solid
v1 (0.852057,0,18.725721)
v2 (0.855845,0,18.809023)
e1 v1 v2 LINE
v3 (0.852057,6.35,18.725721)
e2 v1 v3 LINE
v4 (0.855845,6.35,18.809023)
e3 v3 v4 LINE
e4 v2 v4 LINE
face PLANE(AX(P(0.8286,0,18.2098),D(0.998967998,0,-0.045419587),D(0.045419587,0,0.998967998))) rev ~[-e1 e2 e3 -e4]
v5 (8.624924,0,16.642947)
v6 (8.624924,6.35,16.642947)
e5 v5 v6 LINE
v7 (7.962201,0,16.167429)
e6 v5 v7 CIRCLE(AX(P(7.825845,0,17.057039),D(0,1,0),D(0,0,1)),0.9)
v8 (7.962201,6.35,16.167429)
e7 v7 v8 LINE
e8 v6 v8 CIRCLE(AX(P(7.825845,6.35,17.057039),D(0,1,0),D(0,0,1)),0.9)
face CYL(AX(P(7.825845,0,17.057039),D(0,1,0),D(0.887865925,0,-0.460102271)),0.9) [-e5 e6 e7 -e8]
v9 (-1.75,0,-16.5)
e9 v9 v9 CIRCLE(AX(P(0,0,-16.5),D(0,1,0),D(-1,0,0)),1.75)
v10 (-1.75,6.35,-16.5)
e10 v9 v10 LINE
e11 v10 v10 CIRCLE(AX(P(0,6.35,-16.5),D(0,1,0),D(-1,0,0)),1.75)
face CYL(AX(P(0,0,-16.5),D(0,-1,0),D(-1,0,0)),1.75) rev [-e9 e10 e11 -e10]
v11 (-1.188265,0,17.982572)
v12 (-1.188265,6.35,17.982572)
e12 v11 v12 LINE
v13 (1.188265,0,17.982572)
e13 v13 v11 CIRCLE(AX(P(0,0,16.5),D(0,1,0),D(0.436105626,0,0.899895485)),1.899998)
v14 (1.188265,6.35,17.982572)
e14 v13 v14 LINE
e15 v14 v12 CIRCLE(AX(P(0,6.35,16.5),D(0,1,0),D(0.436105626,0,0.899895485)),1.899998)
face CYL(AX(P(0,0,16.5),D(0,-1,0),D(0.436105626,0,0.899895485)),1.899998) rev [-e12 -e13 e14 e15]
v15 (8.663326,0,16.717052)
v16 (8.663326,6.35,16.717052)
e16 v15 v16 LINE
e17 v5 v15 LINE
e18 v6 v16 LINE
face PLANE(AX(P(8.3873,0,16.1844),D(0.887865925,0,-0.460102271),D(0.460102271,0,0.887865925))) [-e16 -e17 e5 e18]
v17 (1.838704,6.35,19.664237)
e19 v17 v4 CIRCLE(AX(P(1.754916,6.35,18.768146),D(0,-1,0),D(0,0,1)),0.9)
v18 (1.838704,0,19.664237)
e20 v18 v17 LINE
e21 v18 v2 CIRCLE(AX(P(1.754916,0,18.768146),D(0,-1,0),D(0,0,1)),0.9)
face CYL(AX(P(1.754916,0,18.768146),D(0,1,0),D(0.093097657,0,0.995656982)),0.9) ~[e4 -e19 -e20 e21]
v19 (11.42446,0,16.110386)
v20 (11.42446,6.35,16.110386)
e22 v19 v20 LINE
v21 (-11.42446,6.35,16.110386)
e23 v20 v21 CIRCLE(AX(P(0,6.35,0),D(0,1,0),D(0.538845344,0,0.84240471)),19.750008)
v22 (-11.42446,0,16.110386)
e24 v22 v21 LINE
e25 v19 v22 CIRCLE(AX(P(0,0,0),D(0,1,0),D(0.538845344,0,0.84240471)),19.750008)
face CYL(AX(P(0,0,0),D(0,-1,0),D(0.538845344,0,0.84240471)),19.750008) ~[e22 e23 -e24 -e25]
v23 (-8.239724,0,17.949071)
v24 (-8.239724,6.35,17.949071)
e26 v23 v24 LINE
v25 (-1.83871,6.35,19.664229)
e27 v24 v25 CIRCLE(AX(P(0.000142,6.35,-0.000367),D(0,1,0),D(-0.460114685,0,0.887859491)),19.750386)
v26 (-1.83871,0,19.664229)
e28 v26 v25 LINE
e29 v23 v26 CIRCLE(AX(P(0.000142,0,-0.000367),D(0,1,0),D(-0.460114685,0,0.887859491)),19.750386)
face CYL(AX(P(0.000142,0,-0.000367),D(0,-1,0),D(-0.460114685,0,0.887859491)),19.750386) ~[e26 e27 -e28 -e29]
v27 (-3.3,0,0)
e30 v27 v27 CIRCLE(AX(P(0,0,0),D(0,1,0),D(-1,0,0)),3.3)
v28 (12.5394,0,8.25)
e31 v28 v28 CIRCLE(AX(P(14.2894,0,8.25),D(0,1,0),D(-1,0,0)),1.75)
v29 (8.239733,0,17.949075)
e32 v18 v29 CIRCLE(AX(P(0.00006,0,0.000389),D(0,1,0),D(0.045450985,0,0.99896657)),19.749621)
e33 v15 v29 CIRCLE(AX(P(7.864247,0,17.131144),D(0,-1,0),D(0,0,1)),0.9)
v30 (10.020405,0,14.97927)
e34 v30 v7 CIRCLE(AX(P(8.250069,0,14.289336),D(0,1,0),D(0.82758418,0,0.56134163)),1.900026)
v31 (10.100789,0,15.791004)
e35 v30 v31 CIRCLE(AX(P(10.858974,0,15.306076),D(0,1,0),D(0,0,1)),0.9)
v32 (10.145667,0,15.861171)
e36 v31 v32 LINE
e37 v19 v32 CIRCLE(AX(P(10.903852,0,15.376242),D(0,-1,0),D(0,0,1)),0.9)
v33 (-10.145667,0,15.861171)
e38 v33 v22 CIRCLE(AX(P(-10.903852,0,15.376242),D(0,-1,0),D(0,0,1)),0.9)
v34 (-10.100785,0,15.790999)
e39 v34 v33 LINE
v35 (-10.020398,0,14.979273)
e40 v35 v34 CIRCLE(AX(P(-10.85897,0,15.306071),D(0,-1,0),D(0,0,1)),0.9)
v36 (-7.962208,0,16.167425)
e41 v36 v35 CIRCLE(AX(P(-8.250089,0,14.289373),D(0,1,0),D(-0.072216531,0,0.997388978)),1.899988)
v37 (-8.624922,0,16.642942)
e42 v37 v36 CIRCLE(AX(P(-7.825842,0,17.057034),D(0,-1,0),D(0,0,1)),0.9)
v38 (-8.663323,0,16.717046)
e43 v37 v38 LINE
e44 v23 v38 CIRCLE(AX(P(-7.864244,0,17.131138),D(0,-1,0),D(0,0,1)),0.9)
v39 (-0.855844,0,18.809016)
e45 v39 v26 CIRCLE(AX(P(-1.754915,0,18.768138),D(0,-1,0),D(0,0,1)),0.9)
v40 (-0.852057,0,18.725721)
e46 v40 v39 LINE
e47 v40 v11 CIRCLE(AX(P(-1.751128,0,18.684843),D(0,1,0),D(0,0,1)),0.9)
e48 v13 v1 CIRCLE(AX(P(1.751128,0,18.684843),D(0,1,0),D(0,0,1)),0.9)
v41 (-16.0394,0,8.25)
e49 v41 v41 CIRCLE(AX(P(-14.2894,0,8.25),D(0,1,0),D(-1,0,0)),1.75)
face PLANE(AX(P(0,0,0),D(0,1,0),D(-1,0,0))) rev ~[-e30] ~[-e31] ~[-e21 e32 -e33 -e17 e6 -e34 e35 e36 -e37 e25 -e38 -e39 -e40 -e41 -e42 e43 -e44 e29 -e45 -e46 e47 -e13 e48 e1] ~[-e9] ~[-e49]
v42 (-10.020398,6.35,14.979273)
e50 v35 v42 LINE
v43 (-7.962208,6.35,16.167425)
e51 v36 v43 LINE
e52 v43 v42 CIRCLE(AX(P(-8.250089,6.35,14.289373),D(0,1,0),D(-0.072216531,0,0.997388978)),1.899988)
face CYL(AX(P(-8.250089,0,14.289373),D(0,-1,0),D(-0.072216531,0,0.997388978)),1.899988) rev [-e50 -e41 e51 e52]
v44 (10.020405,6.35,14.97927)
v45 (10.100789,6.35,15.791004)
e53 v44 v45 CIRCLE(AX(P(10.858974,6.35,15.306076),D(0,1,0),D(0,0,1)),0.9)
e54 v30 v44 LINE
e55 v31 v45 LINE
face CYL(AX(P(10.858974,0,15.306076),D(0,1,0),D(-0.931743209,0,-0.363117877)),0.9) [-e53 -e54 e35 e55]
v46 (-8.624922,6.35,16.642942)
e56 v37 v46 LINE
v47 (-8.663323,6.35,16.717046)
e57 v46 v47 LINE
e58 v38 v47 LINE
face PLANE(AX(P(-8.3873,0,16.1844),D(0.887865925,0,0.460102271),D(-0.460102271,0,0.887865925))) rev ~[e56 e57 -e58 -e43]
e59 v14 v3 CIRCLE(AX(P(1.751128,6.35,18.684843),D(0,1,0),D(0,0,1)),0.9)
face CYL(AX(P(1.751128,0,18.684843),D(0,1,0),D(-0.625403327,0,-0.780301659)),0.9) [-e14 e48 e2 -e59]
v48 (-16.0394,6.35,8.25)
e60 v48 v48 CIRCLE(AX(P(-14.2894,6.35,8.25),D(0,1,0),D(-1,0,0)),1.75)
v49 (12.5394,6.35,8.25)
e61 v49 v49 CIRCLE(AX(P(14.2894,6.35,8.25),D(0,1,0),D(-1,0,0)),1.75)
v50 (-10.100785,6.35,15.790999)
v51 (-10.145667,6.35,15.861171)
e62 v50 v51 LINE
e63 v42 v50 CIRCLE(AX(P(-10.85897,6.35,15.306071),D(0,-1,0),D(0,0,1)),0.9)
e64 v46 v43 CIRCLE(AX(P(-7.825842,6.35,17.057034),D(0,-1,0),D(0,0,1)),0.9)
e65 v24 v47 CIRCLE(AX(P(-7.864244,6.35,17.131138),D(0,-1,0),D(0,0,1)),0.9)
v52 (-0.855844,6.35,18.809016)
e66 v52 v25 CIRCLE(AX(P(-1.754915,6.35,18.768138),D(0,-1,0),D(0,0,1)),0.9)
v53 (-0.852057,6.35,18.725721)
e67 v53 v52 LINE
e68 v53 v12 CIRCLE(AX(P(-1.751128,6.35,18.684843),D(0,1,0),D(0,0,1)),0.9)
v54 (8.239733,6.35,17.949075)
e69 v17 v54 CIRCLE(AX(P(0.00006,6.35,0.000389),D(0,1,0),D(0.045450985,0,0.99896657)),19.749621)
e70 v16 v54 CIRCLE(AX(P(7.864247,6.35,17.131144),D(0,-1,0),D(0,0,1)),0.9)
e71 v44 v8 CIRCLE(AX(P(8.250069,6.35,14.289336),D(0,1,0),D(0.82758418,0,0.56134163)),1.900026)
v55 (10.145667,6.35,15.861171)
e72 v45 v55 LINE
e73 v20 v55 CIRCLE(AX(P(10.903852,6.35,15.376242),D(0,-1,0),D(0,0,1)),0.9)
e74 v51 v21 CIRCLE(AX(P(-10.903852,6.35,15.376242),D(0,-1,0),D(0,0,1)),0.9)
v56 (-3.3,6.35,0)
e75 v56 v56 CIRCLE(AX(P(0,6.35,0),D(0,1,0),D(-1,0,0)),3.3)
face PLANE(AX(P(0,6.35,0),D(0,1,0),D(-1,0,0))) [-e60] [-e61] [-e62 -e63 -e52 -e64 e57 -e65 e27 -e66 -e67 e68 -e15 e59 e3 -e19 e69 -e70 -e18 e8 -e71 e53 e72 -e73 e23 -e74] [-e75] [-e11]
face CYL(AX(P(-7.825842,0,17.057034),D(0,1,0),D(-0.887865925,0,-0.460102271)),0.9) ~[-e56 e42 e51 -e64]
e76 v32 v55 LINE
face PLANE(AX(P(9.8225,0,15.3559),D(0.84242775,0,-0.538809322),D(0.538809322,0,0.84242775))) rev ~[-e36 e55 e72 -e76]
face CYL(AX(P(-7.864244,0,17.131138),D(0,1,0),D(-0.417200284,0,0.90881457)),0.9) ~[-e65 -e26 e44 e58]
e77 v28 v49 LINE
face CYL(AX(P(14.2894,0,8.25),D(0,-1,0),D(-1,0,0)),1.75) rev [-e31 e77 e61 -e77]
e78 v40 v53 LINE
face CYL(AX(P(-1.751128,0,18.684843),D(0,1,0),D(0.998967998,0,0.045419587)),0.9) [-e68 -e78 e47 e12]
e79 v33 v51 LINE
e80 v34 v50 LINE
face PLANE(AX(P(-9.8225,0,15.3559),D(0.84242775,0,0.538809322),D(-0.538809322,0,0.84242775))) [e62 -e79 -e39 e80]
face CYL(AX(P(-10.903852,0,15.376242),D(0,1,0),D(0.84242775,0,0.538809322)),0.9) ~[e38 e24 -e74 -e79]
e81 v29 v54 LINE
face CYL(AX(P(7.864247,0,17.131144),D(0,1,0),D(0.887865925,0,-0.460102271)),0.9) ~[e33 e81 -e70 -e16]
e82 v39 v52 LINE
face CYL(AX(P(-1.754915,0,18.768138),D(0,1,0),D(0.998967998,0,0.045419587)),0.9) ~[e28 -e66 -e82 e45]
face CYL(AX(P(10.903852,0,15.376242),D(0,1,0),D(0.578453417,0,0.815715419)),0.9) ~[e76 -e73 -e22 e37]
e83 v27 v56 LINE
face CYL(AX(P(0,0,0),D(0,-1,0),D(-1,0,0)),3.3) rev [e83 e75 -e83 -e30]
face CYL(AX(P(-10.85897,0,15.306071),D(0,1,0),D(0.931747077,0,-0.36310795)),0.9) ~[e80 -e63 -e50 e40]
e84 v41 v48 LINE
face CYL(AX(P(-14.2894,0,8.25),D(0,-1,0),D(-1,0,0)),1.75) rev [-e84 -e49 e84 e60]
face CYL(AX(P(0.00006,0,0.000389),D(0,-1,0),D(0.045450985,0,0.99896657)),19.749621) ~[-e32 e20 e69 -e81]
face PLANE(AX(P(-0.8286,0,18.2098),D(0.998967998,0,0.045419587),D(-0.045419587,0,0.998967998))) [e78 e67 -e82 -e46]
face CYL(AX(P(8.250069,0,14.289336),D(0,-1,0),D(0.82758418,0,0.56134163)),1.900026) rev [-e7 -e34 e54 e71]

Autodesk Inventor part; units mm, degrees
ref_plane "YZ Plane" through (0, 0, 0) normal (1, 0, 0) x (0, 1, 0)
ref_plane "XZ Plane" through (0, 0, 0) normal (0, 1, 0) x (-1, 0, 0)
ref_plane "XY Plane" through (0, 0, 0) normal (0, 0, 1) x (1, 0, 0)
sketch "Sketch1" plane through (0, 0, 0) normal (0, 1, 0) x (-1, 0, 0)
  circle A0 centre (0, 0) radius 16.5 construction
  circle A1 centre (0, 0) radius 3.3
  arc A2 (-0.8286, 18.2098) -> (0.8286, 18.2098) centre (0, 16.5) ccw
  line L0 (0, 0) -> (9.875, 17.104) construction
  line L1 (0, 0) -> (-9.875, 17.104) construction
  line L2 (0, 0) -> (-17.104, 9.875) construction
  line L3 (0, 0) -> (17.104, 9.875) construction
  line L4 (-19.75, 0) -> (19.75, 0) construction
  circle A3 centre (0, -16.5) radius 1.75
  circle A4 centre (14.2894, 8.25) radius 1.75
  circle A5 centre (-14.2894, 8.25) radius 1.75
  arc A6 (8.3873, 16.1844) -> (9.8225, 15.3559) centre (8.25, 14.2894) ccw
  arc A7 (-9.8225, 15.3559) -> (-8.3873, 16.1844) centre (-8.25, 14.2894) ccw
  line L5 (0, 0) -> (0.75, 16.4829) construction
  line L6 (-0.75, 16.4829) -> (0, 0) construction
  line L7 (-7.592, 14.6496) -> (0, 0) construction
  line L8 (-8.891, 13.8996) -> (0, 0) construction
  line L9 (7.592, 14.6496) -> (0, 0) construction
  line L10 (8.891, 13.8996) -> (0, 0) construction
  line L11 (-8.3873, 16.1844) -> (-9.0873, 17.5352)
  line L12 (-9.8225, 15.3559) -> (-10.6422, 16.6375)
  line L13 (-0.8286, 18.2098) -> (-0.8977, 19.7296)
  line L14 (0.8286, 18.2098) -> (0.8977, 19.7296)
  line L15 (8.3873, 16.1844) -> (9.0873, 17.5352)
  line L16 (9.8225, 15.3559) -> (10.6422, 16.6375)
  arc A8 (9.0873, 17.5352) -> (0.8977, 19.7296) centre (0, 0) ccw
  arc A9 (-0.8977, 19.7296) -> (-9.0873, 17.5352) centre (0, 0) ccw
  arc A10 (-10.6422, 16.6375) -> (10.6422, 16.6375) centre (0, 0) ccw
  dimension "d1" = 33
  dimension "d2" = 6.6
  dimension "d3" = 3.8
  dimension "d4" = 30
  dimension "d5" = 60
  dimension "d6" = 60
  dimension "d7" = 30
  dimension "d8" = 3.5
  dimension "d9" = 3.5
  dimension "d10" = 3.5
  dimension "d11" = 3.8
  dimension "d12" = 3.8
  dimension "d13" = 0.75
  dimension "d14" = 0.75
  dimension "d15" = 0.75
  dimension "d16" = 0.75
  dimension "d17" = 0.75
  dimension "d18" = 0.75
  dimension "d20" = 19.75
  dimension "d21" = 19.75
  dimension "d22" = 19.75
extrude "Extrusion1" add sketch "Sketch1" along normal blind 6.35
fillet "Fillet1" radius 0.9 6 edges at (9.0873, 3.175, 17.5352) (10.6422, 3.175, 16.6375) (-0.8977, 3.175, 19.7296) (0.8977, 3.175, 19.7296) (-10.6422, 3.175, 16.6375) (-9.0873, 3.175, 17.5352)
fillet "Fillet2" radius 0.9 6 edges at (-9.8225, 3.175, 15.3559) (-0.8286, 3.175, 18.2098) (-8.3873, 3.175, 16.1844) (0.8286, 3.175, 18.2098) (8.3873, 3.175, 16.1844) (9.8225, 3.175, 15.3559)
properties part number "UpperPlate"
